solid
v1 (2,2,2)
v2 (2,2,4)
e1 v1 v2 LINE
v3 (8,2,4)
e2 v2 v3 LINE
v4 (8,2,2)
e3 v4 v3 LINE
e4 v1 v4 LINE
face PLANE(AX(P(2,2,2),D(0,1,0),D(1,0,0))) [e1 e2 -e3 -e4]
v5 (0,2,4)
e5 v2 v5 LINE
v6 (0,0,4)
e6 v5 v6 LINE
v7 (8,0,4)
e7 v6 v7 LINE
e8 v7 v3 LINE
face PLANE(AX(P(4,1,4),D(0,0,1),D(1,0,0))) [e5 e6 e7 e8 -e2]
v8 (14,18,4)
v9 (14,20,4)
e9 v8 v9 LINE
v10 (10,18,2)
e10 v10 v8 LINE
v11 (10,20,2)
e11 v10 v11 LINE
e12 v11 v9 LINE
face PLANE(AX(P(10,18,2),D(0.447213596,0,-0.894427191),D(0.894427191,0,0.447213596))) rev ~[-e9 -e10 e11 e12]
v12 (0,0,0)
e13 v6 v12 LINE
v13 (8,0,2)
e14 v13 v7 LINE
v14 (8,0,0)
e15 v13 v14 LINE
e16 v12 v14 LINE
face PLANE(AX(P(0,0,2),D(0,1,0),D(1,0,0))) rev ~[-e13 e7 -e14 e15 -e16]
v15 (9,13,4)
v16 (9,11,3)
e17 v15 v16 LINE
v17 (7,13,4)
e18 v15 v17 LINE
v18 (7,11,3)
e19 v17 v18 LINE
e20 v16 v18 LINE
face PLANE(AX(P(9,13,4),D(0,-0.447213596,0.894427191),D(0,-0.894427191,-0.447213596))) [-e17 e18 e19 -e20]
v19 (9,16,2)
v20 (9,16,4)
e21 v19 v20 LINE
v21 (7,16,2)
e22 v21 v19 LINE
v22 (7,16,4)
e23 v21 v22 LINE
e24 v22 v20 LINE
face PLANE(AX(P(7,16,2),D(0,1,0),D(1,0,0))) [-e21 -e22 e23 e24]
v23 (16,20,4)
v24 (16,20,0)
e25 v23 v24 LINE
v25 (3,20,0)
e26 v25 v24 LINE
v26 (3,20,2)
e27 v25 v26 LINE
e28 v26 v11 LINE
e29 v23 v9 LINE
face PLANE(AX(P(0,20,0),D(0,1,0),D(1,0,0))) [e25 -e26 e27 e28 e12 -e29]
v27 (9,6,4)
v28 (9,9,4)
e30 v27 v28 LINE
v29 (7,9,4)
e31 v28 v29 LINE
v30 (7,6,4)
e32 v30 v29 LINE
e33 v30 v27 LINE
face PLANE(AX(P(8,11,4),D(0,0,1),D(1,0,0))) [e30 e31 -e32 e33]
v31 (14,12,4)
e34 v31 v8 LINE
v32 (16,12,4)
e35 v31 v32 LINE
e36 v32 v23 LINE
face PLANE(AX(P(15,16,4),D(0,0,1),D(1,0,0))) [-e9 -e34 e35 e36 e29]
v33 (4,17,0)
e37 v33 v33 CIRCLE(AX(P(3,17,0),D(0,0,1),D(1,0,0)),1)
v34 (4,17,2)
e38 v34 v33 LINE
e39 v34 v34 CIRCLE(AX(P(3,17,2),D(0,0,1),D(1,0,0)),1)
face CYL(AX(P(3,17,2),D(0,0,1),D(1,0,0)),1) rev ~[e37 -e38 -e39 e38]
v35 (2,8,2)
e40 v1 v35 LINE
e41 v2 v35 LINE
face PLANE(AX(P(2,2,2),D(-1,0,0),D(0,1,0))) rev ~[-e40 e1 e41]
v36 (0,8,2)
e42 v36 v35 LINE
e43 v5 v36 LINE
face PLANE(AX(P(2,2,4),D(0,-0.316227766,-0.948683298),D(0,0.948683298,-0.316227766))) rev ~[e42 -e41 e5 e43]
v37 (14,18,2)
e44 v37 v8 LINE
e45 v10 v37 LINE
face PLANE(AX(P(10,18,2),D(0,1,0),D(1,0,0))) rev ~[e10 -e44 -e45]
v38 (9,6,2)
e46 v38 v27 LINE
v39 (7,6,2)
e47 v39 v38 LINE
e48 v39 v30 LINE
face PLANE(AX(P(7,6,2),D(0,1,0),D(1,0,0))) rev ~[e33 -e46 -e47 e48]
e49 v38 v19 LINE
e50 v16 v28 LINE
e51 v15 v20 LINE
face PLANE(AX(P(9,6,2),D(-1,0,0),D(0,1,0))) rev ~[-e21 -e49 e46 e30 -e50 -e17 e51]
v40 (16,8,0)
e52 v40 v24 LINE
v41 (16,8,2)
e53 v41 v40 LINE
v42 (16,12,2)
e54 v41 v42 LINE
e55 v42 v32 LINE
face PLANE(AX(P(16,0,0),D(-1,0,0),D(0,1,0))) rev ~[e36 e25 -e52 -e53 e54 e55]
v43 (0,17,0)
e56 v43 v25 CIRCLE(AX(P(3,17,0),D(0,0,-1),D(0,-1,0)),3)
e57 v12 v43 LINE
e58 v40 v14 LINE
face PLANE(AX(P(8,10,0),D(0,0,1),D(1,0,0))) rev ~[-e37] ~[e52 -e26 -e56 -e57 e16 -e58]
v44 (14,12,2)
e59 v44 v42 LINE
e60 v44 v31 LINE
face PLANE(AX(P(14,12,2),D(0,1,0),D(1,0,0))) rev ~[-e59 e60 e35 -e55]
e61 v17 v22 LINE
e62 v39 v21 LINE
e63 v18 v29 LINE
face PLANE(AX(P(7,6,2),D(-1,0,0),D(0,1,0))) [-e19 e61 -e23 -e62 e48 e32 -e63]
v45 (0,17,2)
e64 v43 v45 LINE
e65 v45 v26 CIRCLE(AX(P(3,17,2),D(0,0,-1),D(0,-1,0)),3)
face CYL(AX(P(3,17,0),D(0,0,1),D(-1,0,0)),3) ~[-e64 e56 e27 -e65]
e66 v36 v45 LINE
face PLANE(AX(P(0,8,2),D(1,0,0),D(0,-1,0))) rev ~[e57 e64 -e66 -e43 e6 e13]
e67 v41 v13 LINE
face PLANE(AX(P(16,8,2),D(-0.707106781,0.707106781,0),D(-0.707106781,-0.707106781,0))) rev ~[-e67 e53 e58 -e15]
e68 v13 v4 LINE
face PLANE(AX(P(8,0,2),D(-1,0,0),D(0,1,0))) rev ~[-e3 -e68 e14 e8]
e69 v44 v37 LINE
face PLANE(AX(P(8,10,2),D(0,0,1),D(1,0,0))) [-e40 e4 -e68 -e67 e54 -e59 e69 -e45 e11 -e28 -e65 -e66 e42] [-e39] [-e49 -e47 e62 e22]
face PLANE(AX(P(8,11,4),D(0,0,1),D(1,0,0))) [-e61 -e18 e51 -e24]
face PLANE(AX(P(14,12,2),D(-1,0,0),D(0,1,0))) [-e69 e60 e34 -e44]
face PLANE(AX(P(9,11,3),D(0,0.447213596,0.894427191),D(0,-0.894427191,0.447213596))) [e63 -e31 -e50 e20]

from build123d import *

# Parameters (mm, degrees)
SKETCH_W        = 16
SKETCH_H        = 20
PAD_DEPTH       = 2
POCKET_DEPTH    = 2
SKETCH002_W     = 8
SKETCH002_H     = 2
SKETCH002_W_2   = 2
SKETCH002_H_2   = 8
SKETCH002_W_3   = 4
SKETCH002_H_3   = 6
PAD001_DEPTH    = 2
POCKET001_DEPTH = 2
POCKET002_DEPTH = 2
FILLET_R        = 3
SKETCH005_R     = 1
POCKET003_DEPTH = 2
SKETCH006_W     = 2
SKETCH006_H     = 10
PAD002_DEPTH    = 2
POCKET004_DEPTH = 2


with BuildPart() as part:
    # Sketch → Pad (new body)
    with BuildSketch(Plane.XY):
        with Locations((8, 10)):
            Rectangle(SKETCH_W, SKETCH_H)
    extrude(amount=PAD_DEPTH)

    # Sketch001 (on Face6 of Pad) → Pocket (cut)
    with BuildSketch(Plane.XY.offset(2)):
        Polygon((8, 0), (16, 0), (16, 8), align=None)
    extrude(amount=-POCKET_DEPTH, mode=Mode.SUBTRACT)

    # Sketch002 (on Face4 of Pocket) → Pad001 (join)
    with BuildSketch(Plane.XY.offset(2)):
        with Locations((4, 1)):
            Rectangle(SKETCH002_W, SKETCH002_H)
        with Locations((15, 16)):
            Rectangle(SKETCH002_W_2, SKETCH002_H_2)
        with Locations((12, 19)):
            Rectangle(SKETCH002_W_3, SKETCH002_H)
        with Locations((1, 5)):
            Rectangle(SKETCH002_W_2, SKETCH002_H_3)
    extrude(amount=PAD001_DEPTH)

    # Sketch003 (on Face17 of Pad001) → Pocket001 (cut)
    with BuildSketch(Plane.XZ.offset(-18)):
        Polygon((10, 2), (14, 4), (10, 4), align=None)
    extrude(amount=-POCKET001_DEPTH, mode=Mode.SUBTRACT)

    # Sketch004 (on Face21 of Pocket001) → Pocket002 (cut)
    with BuildSketch(Plane.YZ.offset(2)):
        Polygon((2, 4), (8, 2), (8, 4), align=None)
    extrude(amount=-POCKET002_DEPTH, mode=Mode.SUBTRACT)

    # Fillet
    fillet_edges = [part.edges().sort_by_distance(p)[0] for p in [
        (0, 20, 1),
    ]]
    fillet(fillet_edges, radius=FILLET_R)

    # Sketch005 (on Face8 of Fillet) → Pocket003 (cut)
    with BuildSketch(Plane.XY.offset(2)):
        with Locations((3, 17)):
            Circle(SKETCH005_R)
    extrude(amount=-POCKET003_DEPTH, mode=Mode.SUBTRACT)

    # Sketch006 (on Face9 of Pocket003) → Pad002 (join)
    with BuildSketch(Plane.XY.offset(2)):
        with Locations((8, 11)):
            Rectangle(SKETCH006_W, SKETCH006_H)
    extrude(amount=PAD002_DEPTH)

    # Sketch007 (on Face25 of Pad002) → Pocket004 (cut)
    with BuildSketch(Plane.YZ.offset(9)):
        Polygon((9, 4), (13, 4), (11, 3), align=None)
    extrude(amount=-POCKET004_DEPTH, mode=Mode.SUBTRACT)


solid = part.part
